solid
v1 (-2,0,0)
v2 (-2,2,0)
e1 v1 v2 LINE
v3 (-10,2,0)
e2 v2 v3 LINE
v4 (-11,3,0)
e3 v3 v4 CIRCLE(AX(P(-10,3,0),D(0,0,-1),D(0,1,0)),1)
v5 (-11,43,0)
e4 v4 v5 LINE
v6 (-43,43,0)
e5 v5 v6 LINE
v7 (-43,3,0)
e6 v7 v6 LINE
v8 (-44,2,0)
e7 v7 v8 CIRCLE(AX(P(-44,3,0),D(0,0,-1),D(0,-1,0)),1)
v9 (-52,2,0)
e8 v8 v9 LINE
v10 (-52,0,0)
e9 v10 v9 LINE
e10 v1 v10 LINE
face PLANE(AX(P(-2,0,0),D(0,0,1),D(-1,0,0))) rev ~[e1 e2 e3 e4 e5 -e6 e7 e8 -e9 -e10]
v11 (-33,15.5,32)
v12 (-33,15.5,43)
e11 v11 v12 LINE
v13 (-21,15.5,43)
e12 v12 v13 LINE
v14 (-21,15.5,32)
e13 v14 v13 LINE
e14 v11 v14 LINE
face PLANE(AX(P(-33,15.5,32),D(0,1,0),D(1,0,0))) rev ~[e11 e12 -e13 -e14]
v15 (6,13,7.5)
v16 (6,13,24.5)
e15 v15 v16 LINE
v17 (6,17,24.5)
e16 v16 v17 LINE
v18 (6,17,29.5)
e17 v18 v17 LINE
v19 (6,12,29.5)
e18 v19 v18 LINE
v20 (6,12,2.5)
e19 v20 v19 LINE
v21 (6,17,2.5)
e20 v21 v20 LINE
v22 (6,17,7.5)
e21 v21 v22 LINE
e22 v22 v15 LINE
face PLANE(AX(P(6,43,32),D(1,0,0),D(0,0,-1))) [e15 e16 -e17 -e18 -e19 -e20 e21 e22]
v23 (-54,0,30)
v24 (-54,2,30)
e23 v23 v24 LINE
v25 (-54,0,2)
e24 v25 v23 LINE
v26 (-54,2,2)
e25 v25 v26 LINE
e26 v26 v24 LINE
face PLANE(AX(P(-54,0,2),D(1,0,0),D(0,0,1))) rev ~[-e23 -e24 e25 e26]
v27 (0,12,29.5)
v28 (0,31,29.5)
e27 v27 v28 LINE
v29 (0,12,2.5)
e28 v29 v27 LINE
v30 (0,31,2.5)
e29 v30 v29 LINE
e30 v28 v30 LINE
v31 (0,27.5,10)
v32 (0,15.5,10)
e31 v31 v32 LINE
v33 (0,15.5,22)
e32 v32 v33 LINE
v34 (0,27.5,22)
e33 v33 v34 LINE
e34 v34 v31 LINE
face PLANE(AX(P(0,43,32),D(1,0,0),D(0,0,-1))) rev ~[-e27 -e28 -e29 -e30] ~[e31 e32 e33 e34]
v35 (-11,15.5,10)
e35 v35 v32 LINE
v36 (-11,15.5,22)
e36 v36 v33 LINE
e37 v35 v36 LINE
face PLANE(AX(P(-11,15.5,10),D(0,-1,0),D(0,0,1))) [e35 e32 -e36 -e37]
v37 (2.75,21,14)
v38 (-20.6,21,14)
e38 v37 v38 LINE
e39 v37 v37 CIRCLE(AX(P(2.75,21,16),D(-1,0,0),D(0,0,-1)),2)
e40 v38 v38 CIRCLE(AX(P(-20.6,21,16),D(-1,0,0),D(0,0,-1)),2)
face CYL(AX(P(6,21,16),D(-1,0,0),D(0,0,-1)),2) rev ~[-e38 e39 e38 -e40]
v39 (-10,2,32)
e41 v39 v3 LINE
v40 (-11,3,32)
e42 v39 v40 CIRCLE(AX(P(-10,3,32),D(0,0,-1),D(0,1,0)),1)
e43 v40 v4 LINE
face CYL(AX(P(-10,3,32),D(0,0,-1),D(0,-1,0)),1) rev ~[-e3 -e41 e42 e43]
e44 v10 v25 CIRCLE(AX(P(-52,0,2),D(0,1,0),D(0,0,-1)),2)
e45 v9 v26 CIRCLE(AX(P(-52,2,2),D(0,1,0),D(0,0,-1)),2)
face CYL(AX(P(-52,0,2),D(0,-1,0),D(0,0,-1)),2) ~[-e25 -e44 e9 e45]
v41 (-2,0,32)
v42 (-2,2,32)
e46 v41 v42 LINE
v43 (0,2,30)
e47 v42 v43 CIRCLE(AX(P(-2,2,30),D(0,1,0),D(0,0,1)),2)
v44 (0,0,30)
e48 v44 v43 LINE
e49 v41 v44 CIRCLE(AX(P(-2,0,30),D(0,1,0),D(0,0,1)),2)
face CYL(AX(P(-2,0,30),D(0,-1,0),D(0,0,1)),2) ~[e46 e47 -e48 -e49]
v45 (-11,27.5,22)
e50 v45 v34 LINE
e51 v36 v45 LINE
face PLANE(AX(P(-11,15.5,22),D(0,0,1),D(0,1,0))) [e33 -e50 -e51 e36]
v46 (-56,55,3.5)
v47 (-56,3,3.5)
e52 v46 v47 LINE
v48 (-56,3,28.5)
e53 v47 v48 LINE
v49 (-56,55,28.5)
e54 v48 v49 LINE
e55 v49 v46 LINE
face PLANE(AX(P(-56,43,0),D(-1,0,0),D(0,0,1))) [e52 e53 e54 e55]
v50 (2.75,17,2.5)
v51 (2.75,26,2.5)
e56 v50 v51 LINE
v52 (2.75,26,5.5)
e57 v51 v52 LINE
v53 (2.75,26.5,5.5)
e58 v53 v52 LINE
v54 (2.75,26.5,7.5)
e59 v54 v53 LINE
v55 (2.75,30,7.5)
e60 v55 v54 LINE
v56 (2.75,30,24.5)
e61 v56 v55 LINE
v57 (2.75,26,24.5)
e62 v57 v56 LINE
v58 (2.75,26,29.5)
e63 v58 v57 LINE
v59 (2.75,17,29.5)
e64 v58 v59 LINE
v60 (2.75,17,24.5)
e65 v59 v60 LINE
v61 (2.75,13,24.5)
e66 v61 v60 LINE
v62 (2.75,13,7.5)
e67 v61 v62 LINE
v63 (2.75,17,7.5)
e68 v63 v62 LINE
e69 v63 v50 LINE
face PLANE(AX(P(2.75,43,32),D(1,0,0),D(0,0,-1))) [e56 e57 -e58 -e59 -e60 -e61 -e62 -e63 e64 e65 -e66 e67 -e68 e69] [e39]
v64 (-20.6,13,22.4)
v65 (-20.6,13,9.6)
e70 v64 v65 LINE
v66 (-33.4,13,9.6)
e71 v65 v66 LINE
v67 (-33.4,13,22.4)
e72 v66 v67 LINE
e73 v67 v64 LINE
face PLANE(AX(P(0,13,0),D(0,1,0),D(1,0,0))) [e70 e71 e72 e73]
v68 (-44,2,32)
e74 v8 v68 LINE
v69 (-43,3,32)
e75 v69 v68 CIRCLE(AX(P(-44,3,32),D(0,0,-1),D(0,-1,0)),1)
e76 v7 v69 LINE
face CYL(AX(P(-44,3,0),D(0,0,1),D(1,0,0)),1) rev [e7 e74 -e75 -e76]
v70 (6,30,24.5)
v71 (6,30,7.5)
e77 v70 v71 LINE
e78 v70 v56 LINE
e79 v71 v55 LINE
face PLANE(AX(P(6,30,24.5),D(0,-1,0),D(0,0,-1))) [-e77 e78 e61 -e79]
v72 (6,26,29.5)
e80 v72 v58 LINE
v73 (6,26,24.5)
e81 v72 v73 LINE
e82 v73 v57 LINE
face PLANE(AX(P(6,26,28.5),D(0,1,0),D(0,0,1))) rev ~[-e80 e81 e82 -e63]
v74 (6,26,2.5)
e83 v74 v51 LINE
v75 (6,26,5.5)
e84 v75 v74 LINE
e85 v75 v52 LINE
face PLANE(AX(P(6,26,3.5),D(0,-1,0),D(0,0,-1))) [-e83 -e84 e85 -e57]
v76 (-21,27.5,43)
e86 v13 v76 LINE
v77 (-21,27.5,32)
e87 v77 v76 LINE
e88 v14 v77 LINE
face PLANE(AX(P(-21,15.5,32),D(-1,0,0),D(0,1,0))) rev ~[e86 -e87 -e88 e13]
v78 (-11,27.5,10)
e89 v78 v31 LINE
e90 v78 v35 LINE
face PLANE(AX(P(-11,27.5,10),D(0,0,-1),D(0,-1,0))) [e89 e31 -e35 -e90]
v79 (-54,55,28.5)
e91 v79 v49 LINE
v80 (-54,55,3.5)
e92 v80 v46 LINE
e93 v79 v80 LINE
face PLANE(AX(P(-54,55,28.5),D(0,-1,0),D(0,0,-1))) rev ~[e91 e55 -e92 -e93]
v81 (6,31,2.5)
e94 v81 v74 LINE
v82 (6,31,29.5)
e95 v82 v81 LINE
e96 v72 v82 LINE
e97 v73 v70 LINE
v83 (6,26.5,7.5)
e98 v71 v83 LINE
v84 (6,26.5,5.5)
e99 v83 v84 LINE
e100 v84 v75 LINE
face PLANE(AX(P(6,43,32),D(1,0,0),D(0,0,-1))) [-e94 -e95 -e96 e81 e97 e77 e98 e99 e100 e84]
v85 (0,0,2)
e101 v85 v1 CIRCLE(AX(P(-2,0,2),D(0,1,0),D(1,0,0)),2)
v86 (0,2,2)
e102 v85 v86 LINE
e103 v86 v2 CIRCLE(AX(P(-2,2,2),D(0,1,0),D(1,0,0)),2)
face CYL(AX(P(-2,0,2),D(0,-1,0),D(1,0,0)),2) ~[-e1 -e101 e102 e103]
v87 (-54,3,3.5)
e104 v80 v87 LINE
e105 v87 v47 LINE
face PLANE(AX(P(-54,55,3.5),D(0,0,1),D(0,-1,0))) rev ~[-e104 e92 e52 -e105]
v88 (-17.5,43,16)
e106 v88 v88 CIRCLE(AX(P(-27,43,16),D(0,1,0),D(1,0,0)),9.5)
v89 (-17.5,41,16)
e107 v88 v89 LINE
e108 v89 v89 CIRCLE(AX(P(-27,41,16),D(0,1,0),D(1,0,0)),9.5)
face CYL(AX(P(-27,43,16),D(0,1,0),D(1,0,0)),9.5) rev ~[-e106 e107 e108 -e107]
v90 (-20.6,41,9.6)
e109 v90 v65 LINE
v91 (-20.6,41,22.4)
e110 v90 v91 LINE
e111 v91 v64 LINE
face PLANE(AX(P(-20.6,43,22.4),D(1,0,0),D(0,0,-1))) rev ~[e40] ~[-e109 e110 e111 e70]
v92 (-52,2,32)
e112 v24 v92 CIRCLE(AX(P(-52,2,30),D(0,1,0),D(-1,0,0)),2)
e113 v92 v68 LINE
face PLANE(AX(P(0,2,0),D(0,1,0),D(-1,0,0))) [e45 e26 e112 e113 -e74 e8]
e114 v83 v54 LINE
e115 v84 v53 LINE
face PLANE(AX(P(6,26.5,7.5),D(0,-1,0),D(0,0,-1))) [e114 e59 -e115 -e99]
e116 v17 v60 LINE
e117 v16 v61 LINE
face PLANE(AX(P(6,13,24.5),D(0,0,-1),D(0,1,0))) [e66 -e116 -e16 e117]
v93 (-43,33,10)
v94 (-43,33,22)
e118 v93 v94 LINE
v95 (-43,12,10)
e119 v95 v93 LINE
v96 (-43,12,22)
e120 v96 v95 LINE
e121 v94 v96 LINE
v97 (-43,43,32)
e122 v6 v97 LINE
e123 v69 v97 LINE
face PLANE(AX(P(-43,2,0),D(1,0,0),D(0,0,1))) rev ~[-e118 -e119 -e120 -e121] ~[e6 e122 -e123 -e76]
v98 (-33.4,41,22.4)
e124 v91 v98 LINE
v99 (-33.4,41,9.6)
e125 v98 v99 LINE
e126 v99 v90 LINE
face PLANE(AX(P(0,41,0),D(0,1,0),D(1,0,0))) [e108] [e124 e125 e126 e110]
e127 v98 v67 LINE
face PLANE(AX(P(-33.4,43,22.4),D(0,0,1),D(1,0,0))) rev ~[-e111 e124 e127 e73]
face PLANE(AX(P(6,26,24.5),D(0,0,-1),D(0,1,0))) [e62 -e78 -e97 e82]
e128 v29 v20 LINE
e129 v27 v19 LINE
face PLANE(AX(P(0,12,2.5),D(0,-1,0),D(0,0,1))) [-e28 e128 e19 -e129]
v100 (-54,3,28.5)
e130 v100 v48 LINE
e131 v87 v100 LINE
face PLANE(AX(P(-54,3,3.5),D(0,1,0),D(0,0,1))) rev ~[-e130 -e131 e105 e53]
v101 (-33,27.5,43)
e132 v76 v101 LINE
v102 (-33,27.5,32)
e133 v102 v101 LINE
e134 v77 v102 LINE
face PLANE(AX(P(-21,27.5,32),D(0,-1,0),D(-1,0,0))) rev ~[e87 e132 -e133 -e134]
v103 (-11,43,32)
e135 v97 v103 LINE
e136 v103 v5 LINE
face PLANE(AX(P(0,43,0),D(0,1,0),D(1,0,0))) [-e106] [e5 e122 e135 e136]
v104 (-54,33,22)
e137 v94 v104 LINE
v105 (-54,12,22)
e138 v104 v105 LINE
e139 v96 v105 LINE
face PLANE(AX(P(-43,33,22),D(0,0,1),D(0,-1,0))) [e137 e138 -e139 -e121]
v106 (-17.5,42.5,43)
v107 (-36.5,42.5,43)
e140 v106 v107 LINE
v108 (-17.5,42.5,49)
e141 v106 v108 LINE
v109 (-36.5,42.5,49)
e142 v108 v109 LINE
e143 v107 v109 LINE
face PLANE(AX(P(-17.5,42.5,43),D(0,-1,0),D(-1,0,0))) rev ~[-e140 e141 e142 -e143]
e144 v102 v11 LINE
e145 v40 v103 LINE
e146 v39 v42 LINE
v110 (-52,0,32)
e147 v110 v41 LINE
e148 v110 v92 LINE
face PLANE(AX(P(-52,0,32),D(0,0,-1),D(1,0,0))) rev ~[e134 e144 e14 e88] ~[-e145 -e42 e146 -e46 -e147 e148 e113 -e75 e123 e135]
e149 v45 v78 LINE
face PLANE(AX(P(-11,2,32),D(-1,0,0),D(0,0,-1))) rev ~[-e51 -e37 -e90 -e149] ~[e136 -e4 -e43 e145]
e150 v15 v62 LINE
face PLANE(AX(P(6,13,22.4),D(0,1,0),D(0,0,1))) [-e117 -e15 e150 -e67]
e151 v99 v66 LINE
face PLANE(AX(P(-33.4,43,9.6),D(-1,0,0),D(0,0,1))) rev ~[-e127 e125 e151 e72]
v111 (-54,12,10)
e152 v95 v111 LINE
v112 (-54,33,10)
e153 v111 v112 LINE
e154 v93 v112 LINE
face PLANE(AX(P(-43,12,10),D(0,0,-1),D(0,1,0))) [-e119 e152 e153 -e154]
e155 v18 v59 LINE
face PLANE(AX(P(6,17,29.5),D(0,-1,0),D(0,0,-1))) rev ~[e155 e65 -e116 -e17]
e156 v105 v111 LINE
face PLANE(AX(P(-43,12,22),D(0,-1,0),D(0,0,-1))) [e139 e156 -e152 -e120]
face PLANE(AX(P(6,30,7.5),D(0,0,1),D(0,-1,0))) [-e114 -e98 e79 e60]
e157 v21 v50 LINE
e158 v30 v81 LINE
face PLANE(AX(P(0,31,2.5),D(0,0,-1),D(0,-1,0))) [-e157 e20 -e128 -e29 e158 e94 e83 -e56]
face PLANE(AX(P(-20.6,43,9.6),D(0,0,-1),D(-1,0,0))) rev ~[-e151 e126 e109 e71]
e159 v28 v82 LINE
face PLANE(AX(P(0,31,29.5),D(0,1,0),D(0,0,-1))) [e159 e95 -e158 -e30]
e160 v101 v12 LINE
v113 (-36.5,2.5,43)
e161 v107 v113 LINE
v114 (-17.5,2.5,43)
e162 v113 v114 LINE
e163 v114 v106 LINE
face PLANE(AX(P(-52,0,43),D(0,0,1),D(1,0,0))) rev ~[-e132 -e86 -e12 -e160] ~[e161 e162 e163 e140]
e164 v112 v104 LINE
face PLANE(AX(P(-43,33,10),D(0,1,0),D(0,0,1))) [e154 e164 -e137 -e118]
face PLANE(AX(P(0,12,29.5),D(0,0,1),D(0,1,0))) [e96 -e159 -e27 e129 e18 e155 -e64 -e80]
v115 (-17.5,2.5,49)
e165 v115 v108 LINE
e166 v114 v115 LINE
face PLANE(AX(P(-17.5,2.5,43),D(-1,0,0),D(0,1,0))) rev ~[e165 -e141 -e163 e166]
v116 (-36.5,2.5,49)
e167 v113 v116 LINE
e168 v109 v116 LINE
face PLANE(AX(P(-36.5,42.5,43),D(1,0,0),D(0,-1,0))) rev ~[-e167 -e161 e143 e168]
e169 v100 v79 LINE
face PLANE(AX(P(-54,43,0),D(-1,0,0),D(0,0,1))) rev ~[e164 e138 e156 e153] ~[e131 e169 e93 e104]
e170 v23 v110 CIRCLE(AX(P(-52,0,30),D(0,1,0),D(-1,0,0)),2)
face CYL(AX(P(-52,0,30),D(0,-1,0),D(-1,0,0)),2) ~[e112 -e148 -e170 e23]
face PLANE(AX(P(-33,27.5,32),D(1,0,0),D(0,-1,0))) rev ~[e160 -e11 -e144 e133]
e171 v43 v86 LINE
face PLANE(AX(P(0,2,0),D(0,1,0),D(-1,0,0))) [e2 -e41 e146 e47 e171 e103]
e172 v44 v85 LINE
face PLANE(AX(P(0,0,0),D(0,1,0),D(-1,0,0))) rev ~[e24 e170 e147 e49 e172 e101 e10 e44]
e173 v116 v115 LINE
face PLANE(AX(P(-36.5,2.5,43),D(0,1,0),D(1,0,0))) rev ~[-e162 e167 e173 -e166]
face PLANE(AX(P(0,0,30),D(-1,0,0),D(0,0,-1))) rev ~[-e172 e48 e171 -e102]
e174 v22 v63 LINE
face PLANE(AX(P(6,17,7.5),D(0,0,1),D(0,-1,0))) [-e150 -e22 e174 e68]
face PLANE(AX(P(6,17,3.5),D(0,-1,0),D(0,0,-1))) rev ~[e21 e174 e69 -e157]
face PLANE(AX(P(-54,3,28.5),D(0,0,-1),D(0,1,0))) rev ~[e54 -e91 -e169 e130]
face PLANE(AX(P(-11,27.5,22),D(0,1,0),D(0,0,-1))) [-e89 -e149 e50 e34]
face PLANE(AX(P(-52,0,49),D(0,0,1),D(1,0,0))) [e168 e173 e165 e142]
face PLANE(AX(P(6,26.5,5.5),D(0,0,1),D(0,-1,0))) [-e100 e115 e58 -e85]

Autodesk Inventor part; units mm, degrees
ref_plane "YZ Plane" through (0, 0, 0) normal (1, 0, 0) x (0, 1, 0)
ref_plane "XZ Plane" through (0, 0, 0) normal (0, 1, 0) x (-1, 0, 0)
ref_plane "XY Plane" through (0, 0, 0) normal (0, 0, 1) x (1, 0, 0)
sketch "Sketch1" plane through (0, 0, 0) normal (1, 0, 0) x (0, 1, 0)
  point P0 (0, 0)
sketch "Sketch2" plane through (0, 0, 0) normal (1, 0, 0) x (0, 1, 0)
  point P0 (0, 0)
sketch "Sketch3" plane through (0, 0, 0) normal (0, 1, 0) x (-1, 0, 0)
  point P0 (0, 0)
sketch "Sketch4" plane through (0, 0, 0) normal (0, 1, 0) x (-1, 0, 0)
  line L0 (52, 32) -> (2, 32)
  line L1 (0, 30) -> (0, 2)
  line L2 (2, 0) -> (52, 0)
  line L3 (54, 2) -> (54, 30)
  arc A0 (2, 32) -> (0, 30) centre (2, 30) ccw
  arc A1 (0, 2) -> (2, 0) centre (2, 2) ccw
  arc A2 (52, 0) -> (54, 2) centre (52, 2) ccw
  arc A3 (54, 30) -> (52, 32) centre (52, 30) ccw
  point P0 (0, 0)
  dimension "d0" = 2
extrude "Extrusion1" add sketch "Sketch4" along normal blind 2
sketch "Sketch5" plane through (0, 2, 0) normal (0, 1, 0) x (1, 0, 0)
  point P0 (0, 0)
sketch "Sketch6" plane through (0, 2, 0) normal (0, 1, 0) x (1, 0, 0)
  point P0 (0, 0)
sketch "Sketch7" plane through (0, 2, 0) normal (0, 1, 0) x (1, 0, 0)
  line L0 (-11, 0) -> (-43, 0)
  line L1 (-43, 0) -> (-43, -32)
  line L2 (-43, -32) -> (-11, -32)
  line L3 (-11, -32) -> (-11, 0)
  point P0 (0, 0)
extrude "Extrusion2" add sketch "Sketch7" along normal blind 41
fillet "Fillet1" radius 1 1 edges at (-11, 2, 16)
fillet "Fillet2" radius 1 1 edges at (-43, 2, 16)
sketch "Sketch8" plane through (-52, 0, 32) normal (0, 0, 1) x (1, 0, 0)
  point P0 (52, 0)
sketch "Sketch9" plane through (-52, 0, 32) normal (0, 0, 1) x (1, 0, 0)
  line L0 (19, 15.5) -> (31, 15.5)
  line L1 (31, 15.5) -> (31, 27.5)
  line L2 (31, 27.5) -> (19, 27.5)
  line L3 (19, 27.5) -> (19, 15.5)
  point P0 (52, 0)
sketch "Sketch10" plane through (-11, 43, 32) normal (1, 0, 0) x (0, 0, -1)
  line L0 (10, -15.5) -> (22, -15.5)
  line L1 (22, -15.5) -> (22, -27.5)
  line L2 (22, -27.5) -> (10, -27.5)
  line L3 (10, -27.5) -> (10, -15.5)
  point P0 (32, -43)
sketch "Sketch11" plane through (0, 43, 0) normal (0, 1, 0) x (1, 0, 0)
  line L0 (-43, -32) -> (-43, 0) projected
  line L1 (-11, 0) -> (-43, 0)
  line L2 (-2, 0) -> (-52, 0) projected
  circle A0 centre (-27, -16) radius 9.5
  point P0 (0, 0)
sketch "Sketch12" plane through (0, 43, 0) normal (0, 1, 0) x (1, 0, 0)
  point P0 (0, 0)
sketch "Sketch13" plane through (0, 43, 0) normal (0, 1, 0) x (1, 0, 0)
  point P0 (0, 0)
extrude "Extrusion3" cut sketch "Sketch11" along normal blind 2
sketch "Sketch14" plane through (0, 43, 0) normal (0, 1, 0) x (1, 0, 0)
  line L0 (-43, 0) -> (-43, -32) projected
  line L1 (-11, -32) -> (-11, 0) projected
  line L2 (-10, -32) -> (-10, 0) projected
  point P0 (0, 0)
sketch "Sketch15" plane through (0, 43, 0) normal (0, 1, 0) x (1, 0, 0)
  line L0 (-20.6, -9.6) -> (-33.4, -9.6)
  line L1 (-33.4, -9.6) -> (-33.4, -22.4)
  line L2 (-33.4, -22.4) -> (-20.6, -22.4)
  line L3 (-20.6, -22.4) -> (-20.6, -9.6)
  point P0 (0, 0)
sketch "Sketch16" plane through (0, 43, 0) normal (0, 1, 0) x (1, 0, 0)
  point P0 (0, 0)
sketch "Sketch17" plane through (0, 43, 0) normal (0, 1, 0) x (1, 0, 0)
  point P0 (0, 0)
extrude "Extrusion4" cut sketch "Sketch15" against normal blind 30
sketch "Sketch18" plane through (0, 43, 0) normal (0, 1, 0) x (1, 0, 0)
  point P0 (0, 0)
sketch "Sketch19" plane through (0, 43, 0) normal (0, 1, 0) x (1, 0, 0)
  circle A0 centre (-27, -16) radius 9.5
  point P0 (0, 0)
extrude "Extrusion5" cut sketch "Sketch19" against normal blind 2
sketch "Sketch20" plane through (-43, 43, 0) normal (-1, 0, 0) x (0, 0, 1)
  line L0 (10, -10) -> (22, -10)
  line L1 (22, -10) -> (22, -31)
  line L2 (22, -31) -> (10, -31)
  line L3 (10, -31) -> (10, -10)
  point P0 (0, -43)
extrude "Extrusion6" add sketch "Sketch10" along normal blind 11
extrude "Extrusion7" add sketch "Sketch9" along normal blind 11
extrude "Extrusion8" add sketch "Sketch20" along normal blind 11
sketch "Sketch21" plane through (0, 43, 32) normal (1, 0, 0) x (0, 0, -1)
  line L0 (2.5, -12) -> (29.5, -12)
  line L1 (29.5, -12) -> (29.5, -31)
  line L2 (29.5, -31) -> (2.5, -31)
  line L3 (2.5, -31) -> (2.5, -12)
  point P0 (32, -43)
sketch "Sketch22" plane through (-52, 0, 43) normal (0, 0, 1) x (1, 0, 0)
  line L0 (15.5, 2.5) -> (34.5, 2.5)
  line L1 (34.5, 2.5) -> (34.5, 42.5)
  line L2 (34.5, 42.5) -> (15.5, 42.5)
  line L3 (15.5, 42.5) -> (15.5, 2.5)
  point P0 (52, 0)
extrude "Extrusion9" add sketch "Sketch21" along normal blind 6
extrude "Extrusion10" add sketch "Sketch22" along normal blind 6
sketch "Sketch23" plane through (-54, 43, 0) normal (-1, 0, 0) x (0, 0, 1)
  line L0 (3.5, -40) -> (28.5, -40)
  line L1 (28.5, -40) -> (28.5, 12)
  line L2 (28.5, 12) -> (3.5, 12)
  line L3 (3.5, 12) -> (3.5, -40)
  point P0 (0, -43)
extrude "Extrusion11" add sketch "Sketch23" along normal blind 2
sketch "Sketch24" plane through (6, 43, 32) normal (1, 0, 0) x (0, 0, -1)
  line L0 (16, -22) -> (-30.5795, -61.0635)
  point P0 (32, -43)
hole "Hole1" at (6, 21, 16) direction (-1, 0, 0) diameter 4 depth 27 tip angle 118
sketch "Sketch25" plane through (6, 43, 32) normal (1, 0, 0) x (0, 0, -1)
  line L0 (7.5, -17) -> (7.5, -13)
  line L1 (29.5, -12) -> (2.5, -12) projected
  line L2 (7.5, -13) -> (24.5, -13)
  line L3 (24.5, -13) -> (24.5, -16.5)
  line L4 (24.5, -16.5) -> (26.5, -16.5)
  line L5 (26.5, -16.5) -> (26.5, -17)
  line L6 (26.5, -17) -> (28.5, -17)
  line L7 (28.5, -26) -> (24.5, -26)
  line L8 (24.5, -26) -> (24.5, -30)
  line L9 (24.5, -30) -> (7.5, -30)
  line L10 (22.4, -30) -> (9.6, -30) projected
  line L11 (7.5, -30) -> (7.5, -26)
  line L12 (7.5, -26) -> (3.5, -26)
  line L13 (3.5, -17) -> (7.5, -17)
  line L14 (28.5, -17) -> (29.5, -17)
  line L15 (29.5, -31) -> (29.5, -12) projected
  line L16 (28.5, -26) -> (29.5, -26)
  line L17 (29.5, -26) -> (29.5, -17)
  line L18 (3.5, -17) -> (2.5, -17)
  line L19 (2.5, -17) -> (2.5, -26)
  line L20 (2.5, -26) -> (3.5, -26)
  point P0 (32, -43)
extrude "Extrusion12" cut sketch "Sketch25" against normal blind 3.25
properties part number "Cuvette Holder"
